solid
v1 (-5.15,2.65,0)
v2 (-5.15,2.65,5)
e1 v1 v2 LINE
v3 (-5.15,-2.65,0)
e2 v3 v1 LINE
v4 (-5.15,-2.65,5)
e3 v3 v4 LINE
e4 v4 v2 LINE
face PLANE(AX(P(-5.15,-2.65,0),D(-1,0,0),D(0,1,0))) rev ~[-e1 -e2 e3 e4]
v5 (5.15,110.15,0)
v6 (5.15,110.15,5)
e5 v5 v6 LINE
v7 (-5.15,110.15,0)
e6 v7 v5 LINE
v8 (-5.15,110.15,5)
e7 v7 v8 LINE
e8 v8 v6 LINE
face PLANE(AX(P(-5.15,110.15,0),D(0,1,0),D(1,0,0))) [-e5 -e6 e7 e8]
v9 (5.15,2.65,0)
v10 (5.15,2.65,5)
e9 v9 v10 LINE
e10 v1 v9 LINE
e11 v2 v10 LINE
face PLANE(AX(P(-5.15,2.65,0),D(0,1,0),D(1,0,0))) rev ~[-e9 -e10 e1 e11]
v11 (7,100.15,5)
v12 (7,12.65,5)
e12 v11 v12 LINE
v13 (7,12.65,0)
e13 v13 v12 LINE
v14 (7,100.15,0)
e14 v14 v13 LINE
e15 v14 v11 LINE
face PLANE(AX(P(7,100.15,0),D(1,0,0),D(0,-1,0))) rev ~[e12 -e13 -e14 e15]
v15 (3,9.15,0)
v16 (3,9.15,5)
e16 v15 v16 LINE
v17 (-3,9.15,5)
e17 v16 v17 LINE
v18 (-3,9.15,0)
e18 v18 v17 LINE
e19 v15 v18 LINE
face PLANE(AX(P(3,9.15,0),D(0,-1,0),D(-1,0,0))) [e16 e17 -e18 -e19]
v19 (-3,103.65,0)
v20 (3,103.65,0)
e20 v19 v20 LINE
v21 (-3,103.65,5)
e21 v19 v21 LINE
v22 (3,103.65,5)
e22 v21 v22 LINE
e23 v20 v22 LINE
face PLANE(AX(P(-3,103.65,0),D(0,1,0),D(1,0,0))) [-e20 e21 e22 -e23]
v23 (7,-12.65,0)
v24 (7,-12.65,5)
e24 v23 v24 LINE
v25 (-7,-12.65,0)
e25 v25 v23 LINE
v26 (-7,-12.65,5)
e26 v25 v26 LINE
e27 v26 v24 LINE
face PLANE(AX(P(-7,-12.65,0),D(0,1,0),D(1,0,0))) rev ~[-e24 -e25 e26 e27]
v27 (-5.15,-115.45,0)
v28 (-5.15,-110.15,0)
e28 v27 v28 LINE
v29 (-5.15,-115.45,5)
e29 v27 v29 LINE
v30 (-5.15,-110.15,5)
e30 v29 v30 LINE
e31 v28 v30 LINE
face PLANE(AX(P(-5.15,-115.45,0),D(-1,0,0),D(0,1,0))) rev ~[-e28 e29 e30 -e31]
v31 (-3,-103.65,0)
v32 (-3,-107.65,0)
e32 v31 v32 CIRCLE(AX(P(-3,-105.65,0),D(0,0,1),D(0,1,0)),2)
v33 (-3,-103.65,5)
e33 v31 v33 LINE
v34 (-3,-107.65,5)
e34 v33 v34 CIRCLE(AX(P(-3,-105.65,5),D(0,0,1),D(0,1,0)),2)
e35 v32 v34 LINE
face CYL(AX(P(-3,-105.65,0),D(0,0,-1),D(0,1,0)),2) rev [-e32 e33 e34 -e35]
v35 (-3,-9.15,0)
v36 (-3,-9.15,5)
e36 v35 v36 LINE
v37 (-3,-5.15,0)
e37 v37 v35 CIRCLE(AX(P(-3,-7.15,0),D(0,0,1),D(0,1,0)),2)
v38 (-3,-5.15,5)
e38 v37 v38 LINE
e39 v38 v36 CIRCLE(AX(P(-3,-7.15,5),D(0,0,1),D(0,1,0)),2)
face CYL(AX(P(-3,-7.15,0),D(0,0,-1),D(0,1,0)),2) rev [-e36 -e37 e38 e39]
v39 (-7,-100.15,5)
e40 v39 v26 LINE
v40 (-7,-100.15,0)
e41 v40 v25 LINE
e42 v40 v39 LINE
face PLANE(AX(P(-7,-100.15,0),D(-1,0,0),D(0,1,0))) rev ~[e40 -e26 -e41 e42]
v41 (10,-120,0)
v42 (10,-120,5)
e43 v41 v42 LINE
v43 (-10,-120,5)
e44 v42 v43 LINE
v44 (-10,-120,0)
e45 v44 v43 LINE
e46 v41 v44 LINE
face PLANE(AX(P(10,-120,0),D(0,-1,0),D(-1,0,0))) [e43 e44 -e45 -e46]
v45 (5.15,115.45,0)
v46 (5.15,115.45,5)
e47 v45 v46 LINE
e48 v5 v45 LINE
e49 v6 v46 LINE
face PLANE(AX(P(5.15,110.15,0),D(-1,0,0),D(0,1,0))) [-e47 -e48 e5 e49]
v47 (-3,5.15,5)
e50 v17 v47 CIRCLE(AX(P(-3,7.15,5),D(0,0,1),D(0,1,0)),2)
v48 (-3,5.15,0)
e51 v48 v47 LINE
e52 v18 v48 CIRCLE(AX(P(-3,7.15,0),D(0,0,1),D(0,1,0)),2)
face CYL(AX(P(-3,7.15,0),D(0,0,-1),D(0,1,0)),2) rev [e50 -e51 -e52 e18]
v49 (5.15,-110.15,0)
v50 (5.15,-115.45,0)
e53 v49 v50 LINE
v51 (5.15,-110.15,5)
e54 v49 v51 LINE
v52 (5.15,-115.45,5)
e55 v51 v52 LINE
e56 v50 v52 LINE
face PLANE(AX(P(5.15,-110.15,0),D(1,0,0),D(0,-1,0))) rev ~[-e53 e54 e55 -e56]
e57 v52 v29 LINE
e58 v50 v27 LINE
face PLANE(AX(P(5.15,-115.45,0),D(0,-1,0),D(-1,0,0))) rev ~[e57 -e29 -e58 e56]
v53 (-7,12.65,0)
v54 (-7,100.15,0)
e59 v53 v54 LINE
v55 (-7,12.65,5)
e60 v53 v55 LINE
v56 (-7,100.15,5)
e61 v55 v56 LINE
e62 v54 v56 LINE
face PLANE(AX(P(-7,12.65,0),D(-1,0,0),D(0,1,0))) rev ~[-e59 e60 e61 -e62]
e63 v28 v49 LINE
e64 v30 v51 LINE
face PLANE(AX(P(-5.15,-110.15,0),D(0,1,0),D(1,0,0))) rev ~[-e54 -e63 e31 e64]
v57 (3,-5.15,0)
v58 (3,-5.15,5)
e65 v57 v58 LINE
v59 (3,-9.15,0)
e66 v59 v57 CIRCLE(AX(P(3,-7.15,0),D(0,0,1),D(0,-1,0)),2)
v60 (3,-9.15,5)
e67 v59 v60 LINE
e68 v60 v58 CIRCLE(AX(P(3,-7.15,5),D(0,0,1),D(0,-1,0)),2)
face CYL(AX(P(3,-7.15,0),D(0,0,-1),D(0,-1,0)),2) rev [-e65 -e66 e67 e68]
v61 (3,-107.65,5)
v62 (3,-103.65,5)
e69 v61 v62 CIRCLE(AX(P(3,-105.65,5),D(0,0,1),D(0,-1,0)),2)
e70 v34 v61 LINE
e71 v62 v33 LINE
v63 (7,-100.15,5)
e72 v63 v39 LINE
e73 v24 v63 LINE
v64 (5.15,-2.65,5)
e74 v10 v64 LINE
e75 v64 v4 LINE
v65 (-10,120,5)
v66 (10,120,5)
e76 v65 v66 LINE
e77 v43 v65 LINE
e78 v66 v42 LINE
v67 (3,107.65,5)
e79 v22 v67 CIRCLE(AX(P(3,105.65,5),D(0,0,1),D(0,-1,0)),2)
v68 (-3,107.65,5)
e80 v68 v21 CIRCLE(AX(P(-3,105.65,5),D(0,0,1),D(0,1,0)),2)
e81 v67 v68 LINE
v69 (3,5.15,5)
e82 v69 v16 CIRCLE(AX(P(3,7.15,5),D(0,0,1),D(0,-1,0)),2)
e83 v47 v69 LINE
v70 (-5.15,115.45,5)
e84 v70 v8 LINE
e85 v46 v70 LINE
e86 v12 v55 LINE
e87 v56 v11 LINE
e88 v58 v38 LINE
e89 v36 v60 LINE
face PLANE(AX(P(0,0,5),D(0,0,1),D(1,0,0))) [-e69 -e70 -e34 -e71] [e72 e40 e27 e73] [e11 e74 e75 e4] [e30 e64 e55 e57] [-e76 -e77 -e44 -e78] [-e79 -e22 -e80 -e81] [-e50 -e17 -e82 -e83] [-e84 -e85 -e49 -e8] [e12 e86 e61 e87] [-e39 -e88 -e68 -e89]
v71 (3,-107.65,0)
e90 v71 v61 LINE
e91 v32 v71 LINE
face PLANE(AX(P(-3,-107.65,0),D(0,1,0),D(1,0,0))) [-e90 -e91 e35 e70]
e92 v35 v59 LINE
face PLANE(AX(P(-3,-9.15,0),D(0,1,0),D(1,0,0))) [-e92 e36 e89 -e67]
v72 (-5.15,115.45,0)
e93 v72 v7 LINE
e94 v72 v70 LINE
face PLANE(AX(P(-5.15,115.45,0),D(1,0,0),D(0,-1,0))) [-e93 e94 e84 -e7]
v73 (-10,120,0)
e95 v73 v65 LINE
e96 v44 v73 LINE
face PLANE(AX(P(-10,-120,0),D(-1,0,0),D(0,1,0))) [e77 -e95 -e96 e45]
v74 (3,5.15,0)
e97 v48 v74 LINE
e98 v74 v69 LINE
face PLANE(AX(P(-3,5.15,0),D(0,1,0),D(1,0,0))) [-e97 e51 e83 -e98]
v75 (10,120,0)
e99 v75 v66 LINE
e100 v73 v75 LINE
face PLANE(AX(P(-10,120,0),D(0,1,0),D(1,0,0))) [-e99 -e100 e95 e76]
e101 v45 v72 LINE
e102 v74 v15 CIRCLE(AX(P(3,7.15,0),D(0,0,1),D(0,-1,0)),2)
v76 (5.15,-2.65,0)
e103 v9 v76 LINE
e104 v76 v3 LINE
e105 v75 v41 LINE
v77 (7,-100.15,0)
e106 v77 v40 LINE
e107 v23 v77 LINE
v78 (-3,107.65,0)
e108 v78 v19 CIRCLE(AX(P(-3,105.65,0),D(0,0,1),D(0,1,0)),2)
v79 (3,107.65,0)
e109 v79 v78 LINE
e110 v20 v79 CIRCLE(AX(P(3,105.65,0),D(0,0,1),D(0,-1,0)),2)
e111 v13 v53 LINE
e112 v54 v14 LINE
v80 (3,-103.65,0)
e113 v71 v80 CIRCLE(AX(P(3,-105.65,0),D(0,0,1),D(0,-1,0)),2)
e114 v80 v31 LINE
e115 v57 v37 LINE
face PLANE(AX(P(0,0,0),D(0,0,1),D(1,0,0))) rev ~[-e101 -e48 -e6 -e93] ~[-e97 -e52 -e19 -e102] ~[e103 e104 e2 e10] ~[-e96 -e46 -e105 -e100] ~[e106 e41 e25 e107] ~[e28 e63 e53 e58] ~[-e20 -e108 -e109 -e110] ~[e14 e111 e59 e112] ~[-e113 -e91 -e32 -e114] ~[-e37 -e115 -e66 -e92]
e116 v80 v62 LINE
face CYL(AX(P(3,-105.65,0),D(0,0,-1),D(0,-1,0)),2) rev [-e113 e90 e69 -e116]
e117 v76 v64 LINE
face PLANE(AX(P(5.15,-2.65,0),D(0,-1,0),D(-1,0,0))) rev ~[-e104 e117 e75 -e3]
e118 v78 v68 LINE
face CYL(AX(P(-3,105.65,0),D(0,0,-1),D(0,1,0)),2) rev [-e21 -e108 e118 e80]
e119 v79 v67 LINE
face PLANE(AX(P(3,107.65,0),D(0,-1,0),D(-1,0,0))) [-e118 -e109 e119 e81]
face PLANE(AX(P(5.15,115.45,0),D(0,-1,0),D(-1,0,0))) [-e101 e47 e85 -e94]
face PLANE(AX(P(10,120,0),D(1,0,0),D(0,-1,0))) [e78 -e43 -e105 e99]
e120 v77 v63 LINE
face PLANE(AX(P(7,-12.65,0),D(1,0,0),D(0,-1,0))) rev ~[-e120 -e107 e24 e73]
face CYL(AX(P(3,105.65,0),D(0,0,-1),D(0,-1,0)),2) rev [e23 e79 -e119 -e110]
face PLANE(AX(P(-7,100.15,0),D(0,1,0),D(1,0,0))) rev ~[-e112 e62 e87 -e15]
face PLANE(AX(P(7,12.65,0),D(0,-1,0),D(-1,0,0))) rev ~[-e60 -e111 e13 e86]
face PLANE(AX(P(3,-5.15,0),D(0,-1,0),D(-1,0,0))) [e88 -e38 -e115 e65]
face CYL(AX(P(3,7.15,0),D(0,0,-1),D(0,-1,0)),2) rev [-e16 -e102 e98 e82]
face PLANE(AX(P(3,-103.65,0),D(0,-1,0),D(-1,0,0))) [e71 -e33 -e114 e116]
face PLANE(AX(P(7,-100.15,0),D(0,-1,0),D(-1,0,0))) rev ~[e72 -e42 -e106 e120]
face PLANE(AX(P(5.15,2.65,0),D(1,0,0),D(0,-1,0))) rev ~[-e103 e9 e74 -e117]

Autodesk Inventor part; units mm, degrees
ref_plane "YZ Plane" through (0, 0, 0) normal (1, 0, 0) x (0, 1, 0)
ref_plane "XZ Plane" through (0, 0, 0) normal (0, 1, 0) x (-1, 0, 0)
ref_plane "XY Plane" through (0, 0, 0) normal (0, 0, 1) x (1, 0, 0)
sketch "Sketch1" plane through (0, 0, 0) normal (0, 0, 1) x (1, 0, 0)
  line L0 (-10, 120) -> (10, 120)
  line L1 (10, 120) -> (10, -120)
  line L2 (10, -120) -> (-10, -120)
  line L3 (-10, -120) -> (-10, 120)
  line L4 (0, 0) -> (10, 0) construction
  line L5 (-5.15, 2.65) -> (5.15, 2.65)
  line L6 (5.15, 2.65) -> (5.15, -2.65)
  line L7 (5.15, -2.65) -> (-5.15, -2.65)
  line L8 (-5.15, -2.65) -> (-5.15, 2.65)
  line L9 (-5.15, -110.15) -> (5.15, -110.15)
  line L10 (5.15, -110.15) -> (5.15, -115.45)
  line L11 (5.15, -115.45) -> (-5.15, -115.45)
  line L12 (-5.15, -115.45) -> (-5.15, -110.15)
  line L13 (-5.15, 110.15) -> (5.15, 110.15)
  line L14 (5.15, 110.15) -> (5.15, 115.45)
  line L15 (5.15, 115.45) -> (-5.15, 115.45)
  line L16 (-5.15, 115.45) -> (-5.15, 110.15)
  line L17 (-3, 7.15) -> (3, 7.15) construction
  line L18 (-3, 5.15) -> (3, 5.15)
  line L19 (3, 9.15) -> (-3, 9.15)
  arc A0 (-3, 9.15) -> (-3, 5.15) centre (-3, 7.15) ccw
  arc A1 (3, 5.15) -> (3, 9.15) centre (3, 7.15) ccw
  line L20 (-3, 105.65) -> (3, 105.65) construction
  line L21 (-3, 103.65) -> (3, 103.65)
  line L22 (3, 107.65) -> (-3, 107.65)
  arc A2 (-3, 107.65) -> (-3, 103.65) centre (-3, 105.65) ccw
  arc A3 (3, 103.65) -> (3, 107.65) centre (3, 105.65) ccw
  line L23 (-3, -7.15) -> (3, -7.15) construction
  line L24 (-3, -9.15) -> (3, -9.15)
  line L25 (3, -5.15) -> (-3, -5.15)
  arc A4 (-3, -5.15) -> (-3, -9.15) centre (-3, -7.15) ccw
  arc A5 (3, -9.15) -> (3, -5.15) centre (3, -7.15) ccw
  line L26 (-3, -105.65) -> (3, -105.65) construction
  line L27 (-3, -107.65) -> (3, -107.65)
  line L28 (3, -103.65) -> (-3, -103.65)
  arc A6 (-3, -103.65) -> (-3, -107.65) centre (-3, -105.65) ccw
  arc A7 (3, -107.65) -> (3, -103.65) centre (3, -105.65) ccw
  line L29 (-7, 100.15) -> (7, 100.15)
  line L30 (7, 100.15) -> (7, 12.65)
  line L31 (7, 12.65) -> (-7, 12.65)
  line L32 (-7, 12.65) -> (-7, 100.15)
  line L33 (-7, -12.65) -> (7, -12.65)
  line L34 (7, -12.65) -> (7, -100.15)
  line L35 (7, -100.15) -> (-7, -100.15)
  line L36 (-7, -100.15) -> (-7, -12.65)
  point P0 (0, 120)
  point P1 (10, 0)
  point P2 (5, 0)
  point P3 (0, -2.65)
  point P4 (5.15, 0)
  point P5 (0, 7.15)
  point P6 (0, 105.65)
  point P7 (0, -7.15)
  point P8 (0, -105.65)
  dimension "d0" = 240
  dimension "d1" = 20
  dimension "d2" = 10.3
  dimension "d3" = 5.3
  dimension "d4" = 107.5
  dimension "d5" = 5.3
  dimension "d6" = 4.85
  dimension "d7" = 4.85
  dimension "d10" = 2
  dimension "d11" = 2.5
  dimension "d12" = 7
  dimension "d13" = 7
  dimension "d14" = 2.5
  dimension "d15" = 2
  dimension "d16" = 7
  dimension "d17" = 7
  dimension "d18" = 2
  dimension "d19" = 6
  dimension "d20" = 7
  dimension "d21" = 2.5
  dimension "d22" = 2.5
  dimension "d23" = 2
  dimension "d24" = 7
  dimension "d25" = 7
  dimension "d28" = 3.5
  dimension "d29" = 3.5
  dimension "d30" = 3
  dimension "d31" = 3
  dimension "d32" = 3.5
  dimension "d33" = 3.5
  dimension "d34" = 3
  dimension "d35" = 3
extrude "Extrusion3" add sketch "Sketch1" along normal blind 5
properties part number "base botellas"
